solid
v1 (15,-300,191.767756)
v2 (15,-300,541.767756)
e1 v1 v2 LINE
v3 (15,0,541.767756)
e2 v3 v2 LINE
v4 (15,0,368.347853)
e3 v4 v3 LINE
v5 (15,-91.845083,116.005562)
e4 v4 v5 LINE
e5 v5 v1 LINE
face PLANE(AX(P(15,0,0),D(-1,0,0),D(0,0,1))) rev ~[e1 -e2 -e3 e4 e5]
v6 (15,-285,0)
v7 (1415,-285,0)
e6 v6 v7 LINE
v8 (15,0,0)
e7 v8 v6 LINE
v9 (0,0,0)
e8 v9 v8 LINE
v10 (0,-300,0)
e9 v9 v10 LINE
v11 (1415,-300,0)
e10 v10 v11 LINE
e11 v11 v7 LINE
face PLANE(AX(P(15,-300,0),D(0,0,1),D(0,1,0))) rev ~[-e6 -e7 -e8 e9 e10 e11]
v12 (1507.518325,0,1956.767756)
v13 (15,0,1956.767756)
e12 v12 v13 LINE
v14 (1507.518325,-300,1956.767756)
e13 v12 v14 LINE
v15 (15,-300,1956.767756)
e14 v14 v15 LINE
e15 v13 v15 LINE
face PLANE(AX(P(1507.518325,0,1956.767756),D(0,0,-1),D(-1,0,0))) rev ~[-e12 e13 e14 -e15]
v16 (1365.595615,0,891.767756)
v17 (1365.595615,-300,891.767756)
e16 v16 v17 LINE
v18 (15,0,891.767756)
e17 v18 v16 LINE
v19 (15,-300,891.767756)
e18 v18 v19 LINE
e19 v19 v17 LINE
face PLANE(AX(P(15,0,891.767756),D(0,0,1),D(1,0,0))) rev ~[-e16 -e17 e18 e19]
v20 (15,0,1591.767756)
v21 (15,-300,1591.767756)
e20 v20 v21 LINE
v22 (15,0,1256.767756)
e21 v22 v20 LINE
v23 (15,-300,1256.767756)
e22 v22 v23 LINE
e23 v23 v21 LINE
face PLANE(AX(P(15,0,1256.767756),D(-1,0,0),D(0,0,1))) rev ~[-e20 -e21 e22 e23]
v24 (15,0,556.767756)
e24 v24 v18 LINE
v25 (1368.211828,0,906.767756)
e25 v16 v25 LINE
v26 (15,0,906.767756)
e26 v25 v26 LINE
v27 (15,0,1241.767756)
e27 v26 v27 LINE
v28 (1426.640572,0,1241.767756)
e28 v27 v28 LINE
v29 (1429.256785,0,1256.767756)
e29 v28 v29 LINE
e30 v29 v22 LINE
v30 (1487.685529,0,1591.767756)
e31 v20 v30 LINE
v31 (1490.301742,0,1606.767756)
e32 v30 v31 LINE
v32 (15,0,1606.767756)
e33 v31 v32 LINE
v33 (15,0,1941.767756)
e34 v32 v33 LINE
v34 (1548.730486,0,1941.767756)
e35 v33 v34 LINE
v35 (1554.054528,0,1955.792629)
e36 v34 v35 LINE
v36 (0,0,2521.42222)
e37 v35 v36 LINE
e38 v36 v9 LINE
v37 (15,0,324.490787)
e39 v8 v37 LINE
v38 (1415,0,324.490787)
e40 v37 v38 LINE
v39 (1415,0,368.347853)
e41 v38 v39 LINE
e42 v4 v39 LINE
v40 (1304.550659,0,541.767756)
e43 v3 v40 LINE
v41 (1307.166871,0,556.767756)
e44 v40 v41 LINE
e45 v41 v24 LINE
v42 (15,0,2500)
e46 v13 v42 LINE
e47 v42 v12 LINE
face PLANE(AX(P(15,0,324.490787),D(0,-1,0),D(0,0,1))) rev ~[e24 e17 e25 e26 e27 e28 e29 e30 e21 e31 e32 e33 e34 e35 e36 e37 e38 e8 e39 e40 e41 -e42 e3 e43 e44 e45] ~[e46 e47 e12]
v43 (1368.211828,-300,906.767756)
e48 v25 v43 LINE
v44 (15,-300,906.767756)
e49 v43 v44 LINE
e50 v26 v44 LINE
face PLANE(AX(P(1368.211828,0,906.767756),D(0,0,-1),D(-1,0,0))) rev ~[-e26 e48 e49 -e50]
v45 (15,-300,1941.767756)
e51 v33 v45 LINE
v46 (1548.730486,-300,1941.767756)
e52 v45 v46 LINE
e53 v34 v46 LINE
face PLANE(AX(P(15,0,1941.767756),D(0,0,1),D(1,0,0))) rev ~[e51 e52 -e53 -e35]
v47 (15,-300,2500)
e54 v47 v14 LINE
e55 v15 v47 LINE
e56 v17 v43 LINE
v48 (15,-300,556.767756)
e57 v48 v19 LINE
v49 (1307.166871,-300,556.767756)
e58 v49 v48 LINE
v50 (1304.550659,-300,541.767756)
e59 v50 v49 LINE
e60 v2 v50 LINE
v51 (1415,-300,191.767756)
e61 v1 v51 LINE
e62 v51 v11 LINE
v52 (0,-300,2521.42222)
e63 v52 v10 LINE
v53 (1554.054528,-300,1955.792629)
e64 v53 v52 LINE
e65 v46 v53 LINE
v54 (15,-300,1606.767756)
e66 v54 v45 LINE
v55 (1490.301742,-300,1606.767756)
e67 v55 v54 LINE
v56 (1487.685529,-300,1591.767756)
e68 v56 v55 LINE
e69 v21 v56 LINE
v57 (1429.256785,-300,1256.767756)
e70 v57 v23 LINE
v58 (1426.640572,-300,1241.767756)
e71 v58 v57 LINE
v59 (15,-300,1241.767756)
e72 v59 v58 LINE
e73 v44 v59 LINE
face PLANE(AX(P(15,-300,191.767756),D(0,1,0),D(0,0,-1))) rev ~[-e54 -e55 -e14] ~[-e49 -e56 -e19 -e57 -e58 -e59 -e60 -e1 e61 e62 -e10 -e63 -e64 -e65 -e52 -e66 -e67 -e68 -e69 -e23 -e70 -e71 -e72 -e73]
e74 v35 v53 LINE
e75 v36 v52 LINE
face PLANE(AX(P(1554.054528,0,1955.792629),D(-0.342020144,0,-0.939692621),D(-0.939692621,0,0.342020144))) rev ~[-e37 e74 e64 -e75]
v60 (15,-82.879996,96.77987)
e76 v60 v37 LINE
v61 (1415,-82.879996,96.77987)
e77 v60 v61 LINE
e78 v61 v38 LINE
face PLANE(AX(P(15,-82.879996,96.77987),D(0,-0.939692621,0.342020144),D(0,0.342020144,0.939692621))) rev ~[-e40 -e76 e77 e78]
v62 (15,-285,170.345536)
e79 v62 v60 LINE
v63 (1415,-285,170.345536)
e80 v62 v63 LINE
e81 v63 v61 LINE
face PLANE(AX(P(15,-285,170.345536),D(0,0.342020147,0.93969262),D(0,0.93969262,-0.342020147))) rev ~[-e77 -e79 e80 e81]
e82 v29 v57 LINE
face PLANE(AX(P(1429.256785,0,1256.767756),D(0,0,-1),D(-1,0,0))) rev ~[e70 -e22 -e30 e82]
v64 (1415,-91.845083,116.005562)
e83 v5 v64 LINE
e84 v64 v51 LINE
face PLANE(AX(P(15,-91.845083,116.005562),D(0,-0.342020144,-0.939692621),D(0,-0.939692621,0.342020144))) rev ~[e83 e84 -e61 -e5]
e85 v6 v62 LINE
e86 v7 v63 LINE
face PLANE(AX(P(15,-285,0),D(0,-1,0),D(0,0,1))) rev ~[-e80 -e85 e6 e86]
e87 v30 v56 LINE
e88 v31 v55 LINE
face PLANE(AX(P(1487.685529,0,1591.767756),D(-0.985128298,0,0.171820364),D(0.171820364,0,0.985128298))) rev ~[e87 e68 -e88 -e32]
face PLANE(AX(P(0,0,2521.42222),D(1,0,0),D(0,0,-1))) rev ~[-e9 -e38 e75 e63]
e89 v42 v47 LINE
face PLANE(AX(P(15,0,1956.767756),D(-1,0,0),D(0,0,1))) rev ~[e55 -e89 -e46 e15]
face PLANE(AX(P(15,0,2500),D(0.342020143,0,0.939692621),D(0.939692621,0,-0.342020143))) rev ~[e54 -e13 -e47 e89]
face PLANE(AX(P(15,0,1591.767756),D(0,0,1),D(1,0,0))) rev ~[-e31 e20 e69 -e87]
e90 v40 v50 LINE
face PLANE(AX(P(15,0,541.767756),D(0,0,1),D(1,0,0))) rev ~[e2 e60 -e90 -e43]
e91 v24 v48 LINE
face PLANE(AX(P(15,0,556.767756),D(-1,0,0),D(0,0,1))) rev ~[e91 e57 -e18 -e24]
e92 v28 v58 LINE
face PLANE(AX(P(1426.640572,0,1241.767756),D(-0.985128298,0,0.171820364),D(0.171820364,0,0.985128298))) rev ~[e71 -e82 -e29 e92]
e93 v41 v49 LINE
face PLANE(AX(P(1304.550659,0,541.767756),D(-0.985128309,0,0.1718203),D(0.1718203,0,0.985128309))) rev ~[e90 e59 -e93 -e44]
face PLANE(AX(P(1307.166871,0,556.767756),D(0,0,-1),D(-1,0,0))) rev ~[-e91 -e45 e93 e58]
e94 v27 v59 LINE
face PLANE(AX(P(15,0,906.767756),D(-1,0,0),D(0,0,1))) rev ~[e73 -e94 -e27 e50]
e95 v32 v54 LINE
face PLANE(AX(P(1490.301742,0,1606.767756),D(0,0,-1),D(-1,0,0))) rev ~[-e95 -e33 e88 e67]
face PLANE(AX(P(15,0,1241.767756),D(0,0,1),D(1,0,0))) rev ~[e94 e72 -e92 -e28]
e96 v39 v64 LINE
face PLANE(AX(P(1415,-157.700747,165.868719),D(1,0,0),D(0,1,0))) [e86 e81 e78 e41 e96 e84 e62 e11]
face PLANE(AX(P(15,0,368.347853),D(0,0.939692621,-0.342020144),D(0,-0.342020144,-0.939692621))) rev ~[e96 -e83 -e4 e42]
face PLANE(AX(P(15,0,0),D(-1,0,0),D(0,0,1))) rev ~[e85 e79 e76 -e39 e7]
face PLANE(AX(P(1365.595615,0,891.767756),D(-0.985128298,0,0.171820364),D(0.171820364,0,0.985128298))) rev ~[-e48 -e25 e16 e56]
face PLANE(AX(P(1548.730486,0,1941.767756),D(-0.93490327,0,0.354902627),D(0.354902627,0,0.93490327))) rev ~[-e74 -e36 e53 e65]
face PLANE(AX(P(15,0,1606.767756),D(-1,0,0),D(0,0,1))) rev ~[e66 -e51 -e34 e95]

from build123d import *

# Parameters (mm, degrees)
F1_DEPTH = 300
F3_DEPTH = 1400


with BuildPart() as f1:
    # F0 (on Front) → F1 (new body)
    with BuildSketch(Plane.XZ):
        Polygon((0, 0), (15, 0), (15, 541.767756), (15, 556.767756), (15, 891.767756), (15, 906.767756), (15, 1241.767756), (15, 1256.767756), (15, 1591.767756), (15, 1606.767756), (15, 1941.767756), (15, 1956.767756), (15, 2500), (1507.518325, 1956.767756), (1548.730486, 1941.767756), (1554.054528, 1955.792629), (0, 2521.42222), align=None)
        Polygon((15, 556.767756), (15, 541.767756), (1304.550659, 541.767756), (1307.166871, 556.767756), align=None)
        Polygon((15, 906.767756), (15, 891.767756), (1365.595615, 891.767756), (1368.211828, 906.767756), align=None)
        Polygon((15, 1941.767756), (1548.730486, 1941.767756), (1507.518325, 1956.767756), (15, 1956.767756), align=None)
        Polygon((15, 1256.767756), (15, 1241.767756), (1426.640572, 1241.767756), (1429.256785, 1256.767756), align=None)
        Polygon((1490.301742, 1606.767756), (15, 1606.767756), (15, 1591.767756), (1487.685529, 1591.767756), align=None)
    extrude(amount=F1_DEPTH)

    # F2 (on face) → F3 (join)
    with BuildSketch(Plane.YZ.offset(15)):
        Polygon((-91.845083, 116.005562), (-300, 191.767756), (-300, 0), (-285, 0), (-285, 170.345536), (-82.879996, 96.77987), (0, 324.490787), (0, 368.347853), align=None)
    extrude(amount=F3_DEPTH)


solid = f1.part
